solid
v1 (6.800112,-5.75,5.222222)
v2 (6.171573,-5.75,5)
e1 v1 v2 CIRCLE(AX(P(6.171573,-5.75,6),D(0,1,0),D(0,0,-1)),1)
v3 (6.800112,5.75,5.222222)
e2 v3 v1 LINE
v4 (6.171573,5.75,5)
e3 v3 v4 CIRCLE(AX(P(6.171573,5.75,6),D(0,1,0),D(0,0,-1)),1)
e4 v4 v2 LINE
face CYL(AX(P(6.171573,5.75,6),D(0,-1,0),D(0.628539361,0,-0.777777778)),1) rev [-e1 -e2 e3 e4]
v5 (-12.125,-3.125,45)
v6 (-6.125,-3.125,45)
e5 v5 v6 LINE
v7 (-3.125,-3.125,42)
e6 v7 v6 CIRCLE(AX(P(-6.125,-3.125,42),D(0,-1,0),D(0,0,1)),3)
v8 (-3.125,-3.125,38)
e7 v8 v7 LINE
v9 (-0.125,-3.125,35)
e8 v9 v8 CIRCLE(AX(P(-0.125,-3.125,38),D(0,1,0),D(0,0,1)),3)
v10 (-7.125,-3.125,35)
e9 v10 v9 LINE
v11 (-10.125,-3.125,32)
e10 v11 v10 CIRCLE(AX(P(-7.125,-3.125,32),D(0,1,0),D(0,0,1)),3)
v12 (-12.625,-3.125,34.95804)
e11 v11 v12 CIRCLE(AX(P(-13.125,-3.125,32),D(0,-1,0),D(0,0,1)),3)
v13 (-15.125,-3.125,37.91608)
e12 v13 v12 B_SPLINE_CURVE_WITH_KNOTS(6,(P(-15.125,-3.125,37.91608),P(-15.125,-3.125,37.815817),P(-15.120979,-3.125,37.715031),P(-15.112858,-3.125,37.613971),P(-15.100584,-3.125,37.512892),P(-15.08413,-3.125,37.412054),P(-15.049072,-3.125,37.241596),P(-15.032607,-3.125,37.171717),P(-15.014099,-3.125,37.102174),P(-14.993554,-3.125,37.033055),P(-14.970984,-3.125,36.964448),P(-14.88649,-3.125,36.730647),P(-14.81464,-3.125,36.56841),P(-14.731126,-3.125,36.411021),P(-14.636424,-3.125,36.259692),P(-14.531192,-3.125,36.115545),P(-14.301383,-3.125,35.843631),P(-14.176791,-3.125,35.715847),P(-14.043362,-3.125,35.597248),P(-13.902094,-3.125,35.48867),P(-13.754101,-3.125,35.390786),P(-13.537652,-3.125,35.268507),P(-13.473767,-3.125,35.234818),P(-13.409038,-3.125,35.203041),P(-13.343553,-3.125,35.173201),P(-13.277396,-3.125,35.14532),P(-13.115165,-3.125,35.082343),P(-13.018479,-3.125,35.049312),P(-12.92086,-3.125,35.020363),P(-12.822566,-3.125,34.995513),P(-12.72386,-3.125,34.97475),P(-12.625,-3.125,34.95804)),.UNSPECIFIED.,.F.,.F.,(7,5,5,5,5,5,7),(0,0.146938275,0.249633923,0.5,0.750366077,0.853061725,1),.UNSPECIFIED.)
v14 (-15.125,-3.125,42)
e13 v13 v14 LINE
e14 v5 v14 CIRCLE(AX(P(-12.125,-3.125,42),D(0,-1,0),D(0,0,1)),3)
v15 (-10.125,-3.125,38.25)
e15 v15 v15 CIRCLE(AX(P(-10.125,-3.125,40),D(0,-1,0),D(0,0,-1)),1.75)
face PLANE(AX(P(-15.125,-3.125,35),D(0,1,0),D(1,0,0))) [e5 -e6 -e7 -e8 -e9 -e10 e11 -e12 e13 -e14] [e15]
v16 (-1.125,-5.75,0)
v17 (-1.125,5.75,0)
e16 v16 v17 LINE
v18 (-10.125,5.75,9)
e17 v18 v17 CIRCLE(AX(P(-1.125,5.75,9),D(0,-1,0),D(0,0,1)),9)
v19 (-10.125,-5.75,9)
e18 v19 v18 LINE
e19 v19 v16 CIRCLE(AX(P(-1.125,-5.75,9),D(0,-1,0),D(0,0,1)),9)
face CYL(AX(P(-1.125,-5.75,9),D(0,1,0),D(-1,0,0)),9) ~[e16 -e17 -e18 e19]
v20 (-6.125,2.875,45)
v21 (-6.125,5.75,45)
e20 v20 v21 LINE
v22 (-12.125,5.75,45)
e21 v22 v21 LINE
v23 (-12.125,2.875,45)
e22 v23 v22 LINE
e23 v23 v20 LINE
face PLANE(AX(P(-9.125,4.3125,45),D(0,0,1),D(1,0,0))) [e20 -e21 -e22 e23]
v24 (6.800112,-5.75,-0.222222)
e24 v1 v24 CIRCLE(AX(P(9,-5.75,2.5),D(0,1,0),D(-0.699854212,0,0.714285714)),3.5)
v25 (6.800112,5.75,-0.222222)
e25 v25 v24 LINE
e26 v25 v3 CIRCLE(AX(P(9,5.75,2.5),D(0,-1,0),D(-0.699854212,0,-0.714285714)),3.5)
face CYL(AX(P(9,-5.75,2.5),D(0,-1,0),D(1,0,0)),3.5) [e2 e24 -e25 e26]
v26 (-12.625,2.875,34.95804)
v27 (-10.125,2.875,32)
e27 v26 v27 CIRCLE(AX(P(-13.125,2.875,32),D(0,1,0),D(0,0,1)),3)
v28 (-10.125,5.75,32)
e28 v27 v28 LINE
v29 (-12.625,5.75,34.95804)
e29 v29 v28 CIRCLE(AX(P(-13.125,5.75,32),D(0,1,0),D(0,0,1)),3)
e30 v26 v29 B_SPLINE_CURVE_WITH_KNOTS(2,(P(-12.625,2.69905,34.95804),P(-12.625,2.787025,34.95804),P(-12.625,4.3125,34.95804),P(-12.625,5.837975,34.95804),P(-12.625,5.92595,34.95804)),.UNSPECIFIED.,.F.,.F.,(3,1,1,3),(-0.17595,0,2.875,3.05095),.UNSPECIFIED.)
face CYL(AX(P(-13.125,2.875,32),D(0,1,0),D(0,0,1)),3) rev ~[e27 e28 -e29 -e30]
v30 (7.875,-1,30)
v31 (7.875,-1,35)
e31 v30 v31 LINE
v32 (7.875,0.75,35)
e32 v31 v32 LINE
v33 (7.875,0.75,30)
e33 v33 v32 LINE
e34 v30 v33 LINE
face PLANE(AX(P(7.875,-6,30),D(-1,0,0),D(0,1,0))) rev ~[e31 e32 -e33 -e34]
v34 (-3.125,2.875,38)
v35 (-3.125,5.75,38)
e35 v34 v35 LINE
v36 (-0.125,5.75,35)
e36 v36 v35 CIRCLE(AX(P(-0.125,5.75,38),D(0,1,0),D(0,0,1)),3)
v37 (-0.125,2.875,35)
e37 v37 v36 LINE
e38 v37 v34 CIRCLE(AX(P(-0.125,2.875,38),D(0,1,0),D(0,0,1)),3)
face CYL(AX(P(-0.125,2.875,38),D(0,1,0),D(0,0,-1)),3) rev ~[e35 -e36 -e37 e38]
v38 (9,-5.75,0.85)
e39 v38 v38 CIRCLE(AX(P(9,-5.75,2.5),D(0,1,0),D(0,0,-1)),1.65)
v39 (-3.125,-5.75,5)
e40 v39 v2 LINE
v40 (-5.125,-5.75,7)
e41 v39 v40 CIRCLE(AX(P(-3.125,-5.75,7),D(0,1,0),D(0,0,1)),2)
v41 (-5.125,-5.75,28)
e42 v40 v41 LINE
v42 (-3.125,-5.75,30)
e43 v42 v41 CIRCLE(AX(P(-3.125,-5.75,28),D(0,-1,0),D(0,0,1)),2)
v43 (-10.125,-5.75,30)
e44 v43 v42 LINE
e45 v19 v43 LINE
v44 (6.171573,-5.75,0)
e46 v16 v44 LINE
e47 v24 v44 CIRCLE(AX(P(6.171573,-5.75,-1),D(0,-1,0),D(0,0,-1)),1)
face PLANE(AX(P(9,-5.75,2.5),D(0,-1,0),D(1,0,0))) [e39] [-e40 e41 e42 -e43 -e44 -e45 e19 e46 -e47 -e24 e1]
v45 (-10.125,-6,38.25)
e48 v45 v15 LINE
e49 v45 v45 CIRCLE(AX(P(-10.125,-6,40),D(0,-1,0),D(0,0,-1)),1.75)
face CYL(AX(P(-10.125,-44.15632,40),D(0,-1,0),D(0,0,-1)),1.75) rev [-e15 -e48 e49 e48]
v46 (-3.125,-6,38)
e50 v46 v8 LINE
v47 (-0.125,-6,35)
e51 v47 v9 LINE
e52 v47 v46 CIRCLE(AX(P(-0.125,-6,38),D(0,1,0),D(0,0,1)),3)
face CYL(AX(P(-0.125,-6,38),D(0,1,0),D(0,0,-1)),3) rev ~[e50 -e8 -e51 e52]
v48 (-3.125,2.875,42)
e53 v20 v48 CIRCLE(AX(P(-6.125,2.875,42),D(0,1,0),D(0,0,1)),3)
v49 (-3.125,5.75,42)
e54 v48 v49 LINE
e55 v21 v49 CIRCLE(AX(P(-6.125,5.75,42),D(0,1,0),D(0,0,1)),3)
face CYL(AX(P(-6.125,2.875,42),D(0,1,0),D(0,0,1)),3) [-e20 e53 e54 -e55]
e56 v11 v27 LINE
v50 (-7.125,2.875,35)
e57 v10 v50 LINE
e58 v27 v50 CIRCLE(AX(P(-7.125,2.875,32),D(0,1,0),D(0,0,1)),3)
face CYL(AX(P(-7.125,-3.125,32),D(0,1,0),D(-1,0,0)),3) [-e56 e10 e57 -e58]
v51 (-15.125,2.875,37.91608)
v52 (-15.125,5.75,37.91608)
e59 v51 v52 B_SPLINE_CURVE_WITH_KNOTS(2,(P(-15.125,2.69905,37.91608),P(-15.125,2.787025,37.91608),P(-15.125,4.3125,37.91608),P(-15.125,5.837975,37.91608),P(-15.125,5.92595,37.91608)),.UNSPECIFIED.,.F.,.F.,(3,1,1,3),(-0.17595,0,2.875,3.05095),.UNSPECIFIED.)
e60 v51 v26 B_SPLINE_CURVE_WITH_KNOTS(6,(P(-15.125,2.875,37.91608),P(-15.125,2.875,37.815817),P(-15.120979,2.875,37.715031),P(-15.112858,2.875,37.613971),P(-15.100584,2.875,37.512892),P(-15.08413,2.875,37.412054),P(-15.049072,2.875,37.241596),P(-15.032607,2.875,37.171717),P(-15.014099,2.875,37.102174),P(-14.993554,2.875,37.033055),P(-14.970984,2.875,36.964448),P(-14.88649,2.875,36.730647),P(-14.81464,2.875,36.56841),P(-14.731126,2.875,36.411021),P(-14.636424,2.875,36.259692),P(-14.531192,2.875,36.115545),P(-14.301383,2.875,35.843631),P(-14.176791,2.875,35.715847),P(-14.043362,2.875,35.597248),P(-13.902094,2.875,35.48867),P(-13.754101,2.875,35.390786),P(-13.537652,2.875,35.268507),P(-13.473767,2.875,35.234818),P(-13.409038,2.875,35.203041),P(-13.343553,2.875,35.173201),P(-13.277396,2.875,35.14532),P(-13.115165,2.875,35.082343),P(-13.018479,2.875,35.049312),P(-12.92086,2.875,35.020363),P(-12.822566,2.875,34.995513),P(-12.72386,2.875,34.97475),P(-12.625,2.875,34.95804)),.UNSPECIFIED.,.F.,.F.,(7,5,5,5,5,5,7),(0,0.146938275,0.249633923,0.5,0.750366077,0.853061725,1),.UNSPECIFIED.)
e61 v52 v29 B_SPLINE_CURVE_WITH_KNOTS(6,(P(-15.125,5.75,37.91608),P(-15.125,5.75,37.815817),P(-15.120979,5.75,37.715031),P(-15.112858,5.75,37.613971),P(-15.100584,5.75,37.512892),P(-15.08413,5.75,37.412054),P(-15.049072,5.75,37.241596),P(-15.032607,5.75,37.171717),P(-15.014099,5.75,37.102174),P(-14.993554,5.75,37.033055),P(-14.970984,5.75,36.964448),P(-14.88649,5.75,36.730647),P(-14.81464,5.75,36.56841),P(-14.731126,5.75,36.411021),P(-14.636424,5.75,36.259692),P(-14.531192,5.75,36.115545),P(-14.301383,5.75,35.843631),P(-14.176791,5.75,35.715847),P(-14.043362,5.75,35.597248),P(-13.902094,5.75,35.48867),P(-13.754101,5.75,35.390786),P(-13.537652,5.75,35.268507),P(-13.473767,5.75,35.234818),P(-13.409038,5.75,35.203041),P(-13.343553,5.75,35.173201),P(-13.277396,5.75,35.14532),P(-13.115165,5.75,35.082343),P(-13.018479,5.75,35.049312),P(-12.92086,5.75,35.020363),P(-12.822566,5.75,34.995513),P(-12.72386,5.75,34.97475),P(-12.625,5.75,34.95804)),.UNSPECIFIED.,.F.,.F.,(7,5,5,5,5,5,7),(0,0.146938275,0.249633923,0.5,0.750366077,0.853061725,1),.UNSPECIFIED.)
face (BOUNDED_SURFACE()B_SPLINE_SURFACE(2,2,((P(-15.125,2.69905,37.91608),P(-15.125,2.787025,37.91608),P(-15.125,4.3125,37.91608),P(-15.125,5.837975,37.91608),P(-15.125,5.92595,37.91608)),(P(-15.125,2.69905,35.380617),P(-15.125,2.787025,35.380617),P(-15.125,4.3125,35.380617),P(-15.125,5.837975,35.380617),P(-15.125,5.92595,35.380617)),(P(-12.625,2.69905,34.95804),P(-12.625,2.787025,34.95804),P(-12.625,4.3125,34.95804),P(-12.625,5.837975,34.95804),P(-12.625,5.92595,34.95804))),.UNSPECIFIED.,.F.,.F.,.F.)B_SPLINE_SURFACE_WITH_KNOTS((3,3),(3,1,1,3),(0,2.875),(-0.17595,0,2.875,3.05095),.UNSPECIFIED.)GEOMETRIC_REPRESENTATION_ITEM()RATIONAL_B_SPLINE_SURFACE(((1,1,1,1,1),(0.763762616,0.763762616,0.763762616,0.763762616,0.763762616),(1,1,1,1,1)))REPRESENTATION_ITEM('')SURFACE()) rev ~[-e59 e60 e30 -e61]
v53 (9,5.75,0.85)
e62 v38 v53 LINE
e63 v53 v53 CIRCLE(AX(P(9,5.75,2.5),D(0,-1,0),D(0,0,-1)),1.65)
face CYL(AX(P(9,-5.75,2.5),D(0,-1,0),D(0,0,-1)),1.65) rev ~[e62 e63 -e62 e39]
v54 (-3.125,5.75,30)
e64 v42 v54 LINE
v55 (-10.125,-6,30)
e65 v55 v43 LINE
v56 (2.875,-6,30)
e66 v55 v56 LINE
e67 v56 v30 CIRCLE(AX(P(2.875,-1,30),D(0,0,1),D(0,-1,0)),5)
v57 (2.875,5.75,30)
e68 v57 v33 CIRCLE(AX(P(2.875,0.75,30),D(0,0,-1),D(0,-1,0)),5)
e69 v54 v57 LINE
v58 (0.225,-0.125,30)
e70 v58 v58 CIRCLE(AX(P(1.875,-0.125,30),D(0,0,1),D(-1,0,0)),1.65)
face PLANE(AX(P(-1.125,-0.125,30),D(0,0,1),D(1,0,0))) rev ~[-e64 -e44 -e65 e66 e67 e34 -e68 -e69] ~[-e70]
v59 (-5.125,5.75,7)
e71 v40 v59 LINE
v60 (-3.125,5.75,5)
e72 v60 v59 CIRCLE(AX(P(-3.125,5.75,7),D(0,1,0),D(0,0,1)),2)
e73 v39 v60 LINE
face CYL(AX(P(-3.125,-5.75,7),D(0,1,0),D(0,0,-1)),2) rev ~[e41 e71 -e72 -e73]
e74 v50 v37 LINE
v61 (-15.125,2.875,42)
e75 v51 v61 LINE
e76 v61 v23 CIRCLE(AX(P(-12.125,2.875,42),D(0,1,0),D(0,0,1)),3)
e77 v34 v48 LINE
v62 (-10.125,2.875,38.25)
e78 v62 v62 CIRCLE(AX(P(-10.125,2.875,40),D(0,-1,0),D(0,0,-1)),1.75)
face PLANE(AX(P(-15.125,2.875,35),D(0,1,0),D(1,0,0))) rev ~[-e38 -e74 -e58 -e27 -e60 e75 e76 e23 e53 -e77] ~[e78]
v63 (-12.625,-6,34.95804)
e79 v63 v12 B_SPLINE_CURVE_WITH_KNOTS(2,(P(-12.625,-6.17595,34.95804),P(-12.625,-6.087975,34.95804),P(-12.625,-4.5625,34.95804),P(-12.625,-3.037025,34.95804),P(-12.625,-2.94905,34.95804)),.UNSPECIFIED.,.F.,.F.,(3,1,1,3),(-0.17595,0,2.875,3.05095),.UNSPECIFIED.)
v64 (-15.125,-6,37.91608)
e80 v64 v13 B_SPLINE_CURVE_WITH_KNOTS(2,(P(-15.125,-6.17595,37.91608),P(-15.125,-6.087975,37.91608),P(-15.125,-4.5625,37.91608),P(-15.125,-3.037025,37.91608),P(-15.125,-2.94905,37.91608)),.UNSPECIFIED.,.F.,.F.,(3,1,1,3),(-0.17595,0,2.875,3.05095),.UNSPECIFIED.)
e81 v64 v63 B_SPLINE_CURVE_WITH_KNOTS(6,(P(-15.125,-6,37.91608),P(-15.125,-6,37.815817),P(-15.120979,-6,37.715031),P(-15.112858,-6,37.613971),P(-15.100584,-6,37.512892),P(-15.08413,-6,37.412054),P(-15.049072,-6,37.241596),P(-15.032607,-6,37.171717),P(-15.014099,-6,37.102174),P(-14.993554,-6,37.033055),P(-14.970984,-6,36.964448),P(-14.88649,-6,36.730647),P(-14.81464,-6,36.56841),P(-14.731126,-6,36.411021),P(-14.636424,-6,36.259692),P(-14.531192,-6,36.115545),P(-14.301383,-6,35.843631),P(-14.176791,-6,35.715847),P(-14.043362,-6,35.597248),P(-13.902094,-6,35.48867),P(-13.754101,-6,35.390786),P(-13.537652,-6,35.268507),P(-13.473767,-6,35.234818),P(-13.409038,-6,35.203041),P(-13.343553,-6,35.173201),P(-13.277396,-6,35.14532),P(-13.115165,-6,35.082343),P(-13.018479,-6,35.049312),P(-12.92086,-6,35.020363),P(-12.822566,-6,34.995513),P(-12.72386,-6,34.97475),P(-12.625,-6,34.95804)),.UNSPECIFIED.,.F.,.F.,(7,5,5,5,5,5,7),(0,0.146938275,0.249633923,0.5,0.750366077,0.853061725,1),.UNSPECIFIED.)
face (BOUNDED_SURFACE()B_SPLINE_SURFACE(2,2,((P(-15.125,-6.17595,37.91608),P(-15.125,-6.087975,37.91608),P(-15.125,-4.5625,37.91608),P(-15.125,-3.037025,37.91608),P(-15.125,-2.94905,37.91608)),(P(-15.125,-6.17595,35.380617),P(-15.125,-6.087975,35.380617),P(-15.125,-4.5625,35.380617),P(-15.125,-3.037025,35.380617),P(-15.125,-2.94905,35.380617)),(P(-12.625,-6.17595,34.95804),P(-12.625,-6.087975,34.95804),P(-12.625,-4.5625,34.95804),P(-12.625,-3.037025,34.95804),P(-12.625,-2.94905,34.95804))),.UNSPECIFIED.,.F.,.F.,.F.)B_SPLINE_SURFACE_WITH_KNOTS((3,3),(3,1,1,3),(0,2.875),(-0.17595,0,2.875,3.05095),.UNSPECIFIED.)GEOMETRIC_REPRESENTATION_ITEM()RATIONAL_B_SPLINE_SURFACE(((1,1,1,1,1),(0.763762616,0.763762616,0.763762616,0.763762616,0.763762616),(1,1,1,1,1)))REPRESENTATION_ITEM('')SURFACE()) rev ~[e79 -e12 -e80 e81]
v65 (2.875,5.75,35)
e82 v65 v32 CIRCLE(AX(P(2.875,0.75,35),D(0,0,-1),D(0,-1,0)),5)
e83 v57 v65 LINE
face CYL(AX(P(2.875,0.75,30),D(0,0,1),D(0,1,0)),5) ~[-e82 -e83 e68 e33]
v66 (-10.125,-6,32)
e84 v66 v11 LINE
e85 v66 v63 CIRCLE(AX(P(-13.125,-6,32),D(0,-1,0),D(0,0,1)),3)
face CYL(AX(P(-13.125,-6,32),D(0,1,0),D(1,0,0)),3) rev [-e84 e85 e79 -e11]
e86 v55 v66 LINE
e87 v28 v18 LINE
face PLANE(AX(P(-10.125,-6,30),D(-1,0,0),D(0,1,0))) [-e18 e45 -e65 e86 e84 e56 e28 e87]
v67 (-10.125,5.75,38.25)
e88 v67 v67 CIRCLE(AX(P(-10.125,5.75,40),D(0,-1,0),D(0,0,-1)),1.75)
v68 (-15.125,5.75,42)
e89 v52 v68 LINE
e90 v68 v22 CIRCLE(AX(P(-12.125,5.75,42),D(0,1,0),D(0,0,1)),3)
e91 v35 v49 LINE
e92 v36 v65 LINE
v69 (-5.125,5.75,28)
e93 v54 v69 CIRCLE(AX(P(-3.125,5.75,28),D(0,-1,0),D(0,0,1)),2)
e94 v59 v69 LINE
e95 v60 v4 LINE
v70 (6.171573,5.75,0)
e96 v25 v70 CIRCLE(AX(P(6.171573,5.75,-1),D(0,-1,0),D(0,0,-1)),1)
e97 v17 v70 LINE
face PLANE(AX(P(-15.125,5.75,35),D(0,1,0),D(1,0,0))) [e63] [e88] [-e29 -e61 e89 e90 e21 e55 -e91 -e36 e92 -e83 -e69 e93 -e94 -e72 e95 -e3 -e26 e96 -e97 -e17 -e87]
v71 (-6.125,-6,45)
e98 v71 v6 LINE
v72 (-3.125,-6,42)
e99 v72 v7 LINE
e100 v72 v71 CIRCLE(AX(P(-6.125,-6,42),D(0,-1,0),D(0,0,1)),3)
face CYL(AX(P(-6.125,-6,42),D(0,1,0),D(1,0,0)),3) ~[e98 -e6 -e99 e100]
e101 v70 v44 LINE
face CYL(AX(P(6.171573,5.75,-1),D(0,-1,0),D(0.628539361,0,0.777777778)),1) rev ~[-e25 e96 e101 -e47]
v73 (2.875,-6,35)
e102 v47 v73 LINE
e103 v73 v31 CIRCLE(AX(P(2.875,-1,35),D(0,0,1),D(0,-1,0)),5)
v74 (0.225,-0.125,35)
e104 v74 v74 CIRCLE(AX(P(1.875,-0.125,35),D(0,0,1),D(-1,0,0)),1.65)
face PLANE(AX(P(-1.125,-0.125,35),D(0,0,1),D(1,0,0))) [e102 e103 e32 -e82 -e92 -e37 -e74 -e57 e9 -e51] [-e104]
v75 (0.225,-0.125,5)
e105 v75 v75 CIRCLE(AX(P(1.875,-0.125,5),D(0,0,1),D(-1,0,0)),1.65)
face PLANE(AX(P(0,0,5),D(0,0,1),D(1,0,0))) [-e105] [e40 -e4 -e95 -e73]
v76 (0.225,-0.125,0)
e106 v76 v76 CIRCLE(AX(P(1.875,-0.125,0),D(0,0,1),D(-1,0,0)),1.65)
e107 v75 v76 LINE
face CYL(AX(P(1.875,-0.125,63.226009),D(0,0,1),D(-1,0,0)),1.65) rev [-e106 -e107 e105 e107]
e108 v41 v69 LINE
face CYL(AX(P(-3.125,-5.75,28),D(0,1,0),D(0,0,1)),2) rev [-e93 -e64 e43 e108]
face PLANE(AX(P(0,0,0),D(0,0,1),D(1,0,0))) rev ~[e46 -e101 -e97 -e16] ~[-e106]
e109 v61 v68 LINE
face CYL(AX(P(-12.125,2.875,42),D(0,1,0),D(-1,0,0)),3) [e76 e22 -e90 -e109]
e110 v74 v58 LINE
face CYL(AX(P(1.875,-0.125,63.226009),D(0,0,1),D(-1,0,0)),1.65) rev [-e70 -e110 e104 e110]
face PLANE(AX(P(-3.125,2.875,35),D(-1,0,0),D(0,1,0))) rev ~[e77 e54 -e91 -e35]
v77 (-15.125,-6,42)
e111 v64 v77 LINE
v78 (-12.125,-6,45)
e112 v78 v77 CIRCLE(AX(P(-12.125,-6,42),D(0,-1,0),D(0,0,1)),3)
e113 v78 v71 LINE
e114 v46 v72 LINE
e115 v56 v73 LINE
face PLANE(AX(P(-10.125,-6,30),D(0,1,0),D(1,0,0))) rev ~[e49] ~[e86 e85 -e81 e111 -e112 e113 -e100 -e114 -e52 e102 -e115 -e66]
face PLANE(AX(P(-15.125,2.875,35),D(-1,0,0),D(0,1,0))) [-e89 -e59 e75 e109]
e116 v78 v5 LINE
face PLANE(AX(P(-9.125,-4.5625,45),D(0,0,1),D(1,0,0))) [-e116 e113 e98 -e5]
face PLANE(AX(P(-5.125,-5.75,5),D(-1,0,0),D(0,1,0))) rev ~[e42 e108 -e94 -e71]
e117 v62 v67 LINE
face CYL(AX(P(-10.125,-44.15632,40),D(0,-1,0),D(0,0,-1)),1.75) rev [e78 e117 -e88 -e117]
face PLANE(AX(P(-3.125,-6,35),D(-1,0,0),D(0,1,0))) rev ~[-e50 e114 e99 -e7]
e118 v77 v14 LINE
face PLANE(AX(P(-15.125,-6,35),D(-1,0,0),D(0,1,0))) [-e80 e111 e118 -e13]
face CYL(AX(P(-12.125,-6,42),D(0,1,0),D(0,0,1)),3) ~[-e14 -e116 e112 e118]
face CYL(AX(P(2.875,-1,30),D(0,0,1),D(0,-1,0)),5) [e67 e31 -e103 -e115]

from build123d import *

# Parameters (mm, degrees)
SKETCH1_W               = 20.25
SKETCH1_H               = 11.5
BOSS_EXTRUDE1_DEPTH     = 5
SKETCH2_W               = 5
SKETCH2_H               = 11.5
BOSS_EXTRUDE2_DEPTH     = 25
SKETCH3_W               = 18
SKETCH3_H               = 11.75
BOSS_EXTRUDE3_DEPTH     = 5
CUT_EXTRUDE2_DEPTH      = 33.226008518
CUT_EXTRUDE2_DEPTH_BACK = 33.226008518
SKETCH5_R               = 1.65
FILLET1_R               = 9
FILLET7_R               = 5
CUT_EXTRUDE4_DEPTH      = 39.206879289
CUT_EXTRUDE4_DEPTH_BACK = 39.206879289
SKETCH10_R              = 1.65
SKETCH10_4_R            = 3.5
SKETCH10_4_R_2          = 1.65
BOSS_EXTRUDE7_DEPTH     = 11.5
FILLET13_R              = 1
FILLET16_R              = 2
SKETCH11_W              = 12
SKETCH11_H              = 2.875
BOSS_EXTRUDE8_DEPTH     = 10
CUT_EXTRUDE5_DEPTH      = 49.906319888
CUT_EXTRUDE5_DEPTH_BACK = 49.906319888
SKETCH12_R              = 1.75
FILLET17_R              = 3
FILLET18_R              = 3
FILLET19_R              = 3
FILLET20_R              = 2


with BuildPart() as part:
    # Sketch1 → Boss-Extrude1 (new body)
    with BuildSketch(Plane.XY):
        Rectangle(SKETCH1_W, SKETCH1_H)
    extrude(amount=BOSS_EXTRUDE1_DEPTH)

    # Sketch2 → Boss-Extrude2 (add)
    with BuildSketch(Plane.XY.offset(5)):
        with Locations((-7.625, 0)):
            Rectangle(SKETCH2_W, SKETCH2_H)
    extrude(amount=BOSS_EXTRUDE2_DEPTH)

    # Sketch3 → Boss-Extrude3 (add)
    with BuildSketch(Plane.XY.offset(30)):
        with Locations((-1.125, -0.125)):
            Rectangle(SKETCH3_W, SKETCH3_H)
    extrude(amount=BOSS_EXTRUDE3_DEPTH)

    # Sketch5 → Cut-Extrude2 (cut, two sides: drawn at the far end of the back side and taken through both)
    with BuildSketch(Plane(origin=(0, 0, 30), x_dir=(-1, 0, 0), z_dir=(0, 0, -1)).offset(-CUT_EXTRUDE2_DEPTH_BACK)):
        with Locations((-1.875, -0.125)):
            Circle(SKETCH5_R)
    extrude(amount=CUT_EXTRUDE2_DEPTH + CUT_EXTRUDE2_DEPTH_BACK, mode=Mode.SUBTRACT)

    # Fillet1
    fillet1_edges = [part.edges().sort_by_distance(p)[0] for p in [
        (-10.125, 0, 0),
    ]]
    fillet(fillet1_edges, radius=FILLET1_R)

    # Fillet7
    fillet7_edges = [part.edges().sort_by_distance(p)[0] for p in [
        (7.875, -6, 32.5),
        (7.875, 5.75, 32.5),
    ]]
    fillet(fillet7_edges, radius=FILLET7_R)

    # Sketch10 → Cut-Extrude4 (cut, two sides: drawn at the far end of the back side and taken through both)
    with BuildSketch(Plane.XZ.offset(5.75).offset(-CUT_EXTRUDE4_DEPTH_BACK)):
        with Locations((9, 2.5)):
            Circle(SKETCH10_R)
    extrude(amount=CUT_EXTRUDE4_DEPTH + CUT_EXTRUDE4_DEPTH_BACK, mode=Mode.SUBTRACT)

    # Sketch10<4> → Boss-Extrude7 (add)
    with BuildSketch(Plane.XZ.offset(5.75)):
        with Locations((9, 2.5)):
            Circle(SKETCH10_4_R)
        with Locations((9, 2.5)):
            Circle(SKETCH10_4_R_2, mode=Mode.SUBTRACT)
    extrude(amount=-BOSS_EXTRUDE7_DEPTH)

    # Fillet13
    fillet13_edges = [part.edges().sort_by_distance(p)[0] for p in [
        (6.550510257, 0, 0),
        (6.550510257, 0, 5),
    ]]
    fillet(fillet13_edges, radius=FILLET13_R)

    # Fillet16
    fillet16_edges = [part.edges().sort_by_distance(p)[0] for p in [
        (-5.125, 0, 5),
    ]]
    fillet(fillet16_edges, radius=FILLET16_R)

    # Sketch11 → Boss-Extrude8 (add)
    with BuildSketch(Plane.XY.offset(35)):
        with Locations((-9.125, 4.3125)):
            Rectangle(SKETCH11_W, SKETCH11_H)
        with Locations((-9.125, -4.5625)):
            Rectangle(SKETCH11_W, SKETCH11_H)
    extrude(amount=BOSS_EXTRUDE8_DEPTH)

    # Sketch12 → Cut-Extrude5 (cut, two sides: drawn at the far end of the back side and taken through both)
    with BuildSketch(Plane(origin=(0, 5.75, 0), x_dir=(1, 0, 0), z_dir=(0, 1, 0)).offset(-CUT_EXTRUDE5_DEPTH_BACK)):
        with Locations((-10.125, -40)):
            Circle(SKETCH12_R)
    extrude(amount=CUT_EXTRUDE5_DEPTH + CUT_EXTRUDE5_DEPTH_BACK, mode=Mode.SUBTRACT)

    # Fillet17
    fillet17_edges = [part.edges().sort_by_distance(p)[0] for p in [
        (-3.125, 4.3125, 35),
        (-3.125, 4.3125, 45),
        (-15.125, 4.3125, 45),
        (-10.125, 4.3125, 35),
        (-3.125, -4.5625, 35),
        (-3.125, -4.5625, 45),
        (-15.125, -4.5625, 45),
        (-10.125, -4.5625, 35),
    ]]
    fillet(fillet17_edges, radius=FILLET17_R)

    # Fillet18
    fillet18_edges = [part.edges().sort_by_distance(p)[0] for p in [
        (-15.125, 4.3125, 35),
        (-15.125, -4.5625, 35),
    ]]
    fillet(fillet18_edges, radius=FILLET18_R)

    # Fillet19
    fillet19_edges = [part.edges().sort_by_distance(p)[0] for p in [
        (-10.125, -0.125, 35),
    ]]
    fillet(fillet19_edges, radius=FILLET19_R)

    # Fillet20
    fillet20_edges = [part.edges().sort_by_distance(p)[0] for p in [
        (-5.125, 0, 30),
    ]]
    fillet(fillet20_edges, radius=FILLET20_R)


solid = part.part
